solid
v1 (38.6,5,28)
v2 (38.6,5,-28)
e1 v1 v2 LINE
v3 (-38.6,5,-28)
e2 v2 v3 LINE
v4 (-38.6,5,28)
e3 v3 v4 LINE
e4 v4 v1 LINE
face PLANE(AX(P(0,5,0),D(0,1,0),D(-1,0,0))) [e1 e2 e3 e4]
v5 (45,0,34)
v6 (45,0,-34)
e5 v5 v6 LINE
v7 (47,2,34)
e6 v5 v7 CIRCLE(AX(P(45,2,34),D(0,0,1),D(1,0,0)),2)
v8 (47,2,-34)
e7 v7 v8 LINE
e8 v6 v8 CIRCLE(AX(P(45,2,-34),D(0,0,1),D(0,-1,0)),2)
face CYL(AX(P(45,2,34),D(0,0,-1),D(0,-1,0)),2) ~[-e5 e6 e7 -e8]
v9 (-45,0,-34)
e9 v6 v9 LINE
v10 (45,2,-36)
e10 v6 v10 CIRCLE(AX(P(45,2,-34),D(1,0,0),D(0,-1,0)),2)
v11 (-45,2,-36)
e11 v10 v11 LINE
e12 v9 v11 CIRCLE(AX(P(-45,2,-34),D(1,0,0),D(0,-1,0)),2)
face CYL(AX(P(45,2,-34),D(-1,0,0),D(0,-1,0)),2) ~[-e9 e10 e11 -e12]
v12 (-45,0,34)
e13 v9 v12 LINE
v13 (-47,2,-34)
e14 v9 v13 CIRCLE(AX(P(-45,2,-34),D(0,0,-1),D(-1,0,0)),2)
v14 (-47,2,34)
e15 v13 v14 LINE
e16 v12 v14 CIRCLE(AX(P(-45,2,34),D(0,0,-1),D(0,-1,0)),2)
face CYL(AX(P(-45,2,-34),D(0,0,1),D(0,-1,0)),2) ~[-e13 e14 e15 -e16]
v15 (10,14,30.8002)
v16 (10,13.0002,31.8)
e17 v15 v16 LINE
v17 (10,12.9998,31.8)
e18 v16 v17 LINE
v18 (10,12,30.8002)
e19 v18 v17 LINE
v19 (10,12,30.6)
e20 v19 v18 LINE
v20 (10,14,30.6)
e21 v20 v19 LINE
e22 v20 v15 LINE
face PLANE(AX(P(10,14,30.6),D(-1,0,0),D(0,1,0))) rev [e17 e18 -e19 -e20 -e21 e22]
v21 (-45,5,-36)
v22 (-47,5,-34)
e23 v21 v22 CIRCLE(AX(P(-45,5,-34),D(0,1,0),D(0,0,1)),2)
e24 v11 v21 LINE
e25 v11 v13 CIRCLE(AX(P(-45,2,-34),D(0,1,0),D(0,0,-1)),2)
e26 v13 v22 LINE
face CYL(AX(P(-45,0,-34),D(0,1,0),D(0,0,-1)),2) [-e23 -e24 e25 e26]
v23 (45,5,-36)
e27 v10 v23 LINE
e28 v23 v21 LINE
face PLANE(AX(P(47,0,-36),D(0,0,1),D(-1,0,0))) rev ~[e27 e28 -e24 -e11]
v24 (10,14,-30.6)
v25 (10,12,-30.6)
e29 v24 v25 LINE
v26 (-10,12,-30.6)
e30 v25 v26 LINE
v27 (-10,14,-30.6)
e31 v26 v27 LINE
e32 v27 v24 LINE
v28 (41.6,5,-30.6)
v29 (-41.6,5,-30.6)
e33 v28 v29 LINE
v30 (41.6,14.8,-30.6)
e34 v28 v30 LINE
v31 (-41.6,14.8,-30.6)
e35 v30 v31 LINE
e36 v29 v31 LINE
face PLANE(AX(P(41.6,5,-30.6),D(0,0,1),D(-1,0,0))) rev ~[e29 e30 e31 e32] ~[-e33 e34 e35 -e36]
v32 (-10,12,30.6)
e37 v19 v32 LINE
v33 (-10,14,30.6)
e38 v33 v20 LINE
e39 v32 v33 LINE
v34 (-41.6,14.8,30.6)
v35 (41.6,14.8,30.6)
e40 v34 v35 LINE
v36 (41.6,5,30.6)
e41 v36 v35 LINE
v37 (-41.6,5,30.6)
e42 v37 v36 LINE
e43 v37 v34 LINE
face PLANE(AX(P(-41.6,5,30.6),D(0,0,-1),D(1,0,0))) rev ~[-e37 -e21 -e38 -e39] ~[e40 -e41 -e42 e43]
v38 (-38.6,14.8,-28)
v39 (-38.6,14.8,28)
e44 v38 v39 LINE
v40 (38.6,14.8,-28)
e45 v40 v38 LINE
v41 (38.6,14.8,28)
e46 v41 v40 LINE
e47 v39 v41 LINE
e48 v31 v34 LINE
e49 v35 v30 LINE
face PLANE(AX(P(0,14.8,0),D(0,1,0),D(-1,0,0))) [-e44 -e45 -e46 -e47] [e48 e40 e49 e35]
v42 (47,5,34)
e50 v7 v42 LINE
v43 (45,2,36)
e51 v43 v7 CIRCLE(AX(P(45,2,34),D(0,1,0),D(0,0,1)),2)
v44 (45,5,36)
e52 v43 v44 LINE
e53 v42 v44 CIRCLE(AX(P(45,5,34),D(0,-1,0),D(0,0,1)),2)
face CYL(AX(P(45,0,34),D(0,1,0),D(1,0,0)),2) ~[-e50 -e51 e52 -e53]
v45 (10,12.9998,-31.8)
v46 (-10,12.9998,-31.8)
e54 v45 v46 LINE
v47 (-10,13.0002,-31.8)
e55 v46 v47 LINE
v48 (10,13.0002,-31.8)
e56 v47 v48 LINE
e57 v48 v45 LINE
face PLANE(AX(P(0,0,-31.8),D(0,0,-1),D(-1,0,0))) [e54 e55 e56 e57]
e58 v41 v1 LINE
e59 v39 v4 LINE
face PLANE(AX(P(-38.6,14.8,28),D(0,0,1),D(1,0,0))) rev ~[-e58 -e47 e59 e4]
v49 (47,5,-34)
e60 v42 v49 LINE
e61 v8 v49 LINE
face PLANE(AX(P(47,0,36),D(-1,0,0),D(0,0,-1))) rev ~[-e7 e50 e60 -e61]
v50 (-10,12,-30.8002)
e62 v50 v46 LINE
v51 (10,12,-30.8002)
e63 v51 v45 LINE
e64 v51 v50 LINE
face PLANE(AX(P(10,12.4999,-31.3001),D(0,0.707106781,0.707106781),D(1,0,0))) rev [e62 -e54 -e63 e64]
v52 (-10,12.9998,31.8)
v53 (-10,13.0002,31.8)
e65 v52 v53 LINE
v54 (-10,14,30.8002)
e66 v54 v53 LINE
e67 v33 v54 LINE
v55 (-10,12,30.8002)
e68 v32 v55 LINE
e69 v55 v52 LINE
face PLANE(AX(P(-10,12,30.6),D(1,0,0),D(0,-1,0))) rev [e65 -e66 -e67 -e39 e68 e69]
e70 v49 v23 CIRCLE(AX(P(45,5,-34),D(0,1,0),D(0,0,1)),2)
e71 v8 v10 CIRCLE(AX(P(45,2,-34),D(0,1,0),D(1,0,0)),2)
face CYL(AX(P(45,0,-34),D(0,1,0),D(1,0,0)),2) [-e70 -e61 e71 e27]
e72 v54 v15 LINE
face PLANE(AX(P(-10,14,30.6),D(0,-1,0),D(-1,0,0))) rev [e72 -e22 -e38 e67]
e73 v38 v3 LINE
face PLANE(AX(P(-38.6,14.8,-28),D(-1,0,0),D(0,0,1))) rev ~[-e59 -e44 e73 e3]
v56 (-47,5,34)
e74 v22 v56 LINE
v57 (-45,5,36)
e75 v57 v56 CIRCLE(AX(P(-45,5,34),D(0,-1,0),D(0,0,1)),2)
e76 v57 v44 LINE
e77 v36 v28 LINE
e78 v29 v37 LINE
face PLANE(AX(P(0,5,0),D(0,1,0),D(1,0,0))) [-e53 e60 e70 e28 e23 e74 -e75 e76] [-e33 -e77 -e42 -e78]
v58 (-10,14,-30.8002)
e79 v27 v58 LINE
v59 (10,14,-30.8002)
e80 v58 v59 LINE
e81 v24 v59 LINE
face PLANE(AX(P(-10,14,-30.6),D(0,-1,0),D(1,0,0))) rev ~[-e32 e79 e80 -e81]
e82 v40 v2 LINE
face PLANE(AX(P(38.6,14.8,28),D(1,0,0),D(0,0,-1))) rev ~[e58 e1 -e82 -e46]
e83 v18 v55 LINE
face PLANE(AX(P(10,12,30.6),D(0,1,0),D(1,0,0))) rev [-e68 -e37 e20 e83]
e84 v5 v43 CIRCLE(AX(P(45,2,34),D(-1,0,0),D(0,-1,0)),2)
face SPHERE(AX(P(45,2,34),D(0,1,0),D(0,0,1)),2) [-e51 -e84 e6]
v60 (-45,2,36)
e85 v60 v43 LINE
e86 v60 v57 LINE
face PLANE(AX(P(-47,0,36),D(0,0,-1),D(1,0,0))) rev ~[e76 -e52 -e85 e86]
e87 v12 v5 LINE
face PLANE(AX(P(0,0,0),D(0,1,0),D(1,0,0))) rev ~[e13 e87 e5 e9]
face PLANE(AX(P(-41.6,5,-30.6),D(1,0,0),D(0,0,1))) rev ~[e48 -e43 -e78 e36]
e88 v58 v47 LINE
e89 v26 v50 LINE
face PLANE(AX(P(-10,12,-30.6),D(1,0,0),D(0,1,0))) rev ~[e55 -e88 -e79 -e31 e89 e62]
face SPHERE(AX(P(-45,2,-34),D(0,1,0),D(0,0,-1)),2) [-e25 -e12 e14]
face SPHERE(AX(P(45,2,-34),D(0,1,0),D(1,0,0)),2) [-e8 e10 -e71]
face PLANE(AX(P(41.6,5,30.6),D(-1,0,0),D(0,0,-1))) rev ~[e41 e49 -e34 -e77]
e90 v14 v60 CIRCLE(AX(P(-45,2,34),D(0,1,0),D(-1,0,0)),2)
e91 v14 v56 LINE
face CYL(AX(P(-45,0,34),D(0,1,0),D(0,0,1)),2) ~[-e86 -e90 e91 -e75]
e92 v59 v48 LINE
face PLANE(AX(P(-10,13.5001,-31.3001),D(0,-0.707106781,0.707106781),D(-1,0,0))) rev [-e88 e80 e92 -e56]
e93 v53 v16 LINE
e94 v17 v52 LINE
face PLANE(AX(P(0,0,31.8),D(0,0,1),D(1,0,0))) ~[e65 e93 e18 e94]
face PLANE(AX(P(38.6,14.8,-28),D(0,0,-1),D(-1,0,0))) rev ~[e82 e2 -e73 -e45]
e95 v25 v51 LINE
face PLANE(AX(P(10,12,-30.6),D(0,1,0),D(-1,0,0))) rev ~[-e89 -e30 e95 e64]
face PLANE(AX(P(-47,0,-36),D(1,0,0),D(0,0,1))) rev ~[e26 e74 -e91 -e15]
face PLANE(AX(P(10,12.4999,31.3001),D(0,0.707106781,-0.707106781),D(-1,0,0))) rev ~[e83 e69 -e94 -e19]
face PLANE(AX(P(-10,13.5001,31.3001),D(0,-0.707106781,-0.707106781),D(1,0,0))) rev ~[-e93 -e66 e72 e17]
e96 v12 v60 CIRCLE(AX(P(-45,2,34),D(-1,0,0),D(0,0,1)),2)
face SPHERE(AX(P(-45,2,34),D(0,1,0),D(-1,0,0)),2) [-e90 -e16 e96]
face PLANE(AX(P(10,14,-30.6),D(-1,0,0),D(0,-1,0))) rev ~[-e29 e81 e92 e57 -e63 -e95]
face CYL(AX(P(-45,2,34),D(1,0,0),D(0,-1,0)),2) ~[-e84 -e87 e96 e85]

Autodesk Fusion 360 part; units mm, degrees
sketch "Sketch1" plane through (0, 0, 0) normal (0, 1, 0) x (1, 0, 0)
  line L0 (47, 36) -> (-47, 36)
  line L1 (-47, 36) -> (-47, -36)
  line L2 (-47, -36) -> (47, -36)
  line L3 (47, -36) -> (47, 36)
  line L4 (47, 36) -> (-47, -36) construction
  line L5 (-47, 36) -> (47, -36) construction
  dimension "d1" = 72
  dimension "d2" = 94
extrude "Extrude1" add sketch "Sketch1" along normal blind 5
sketch "Sketch2" plane through (0, 5, 0) normal (0, 1, 0) x (-1, 0, 0)
  line L0 (-47, 36) -> (-47, -36)
  line L1 (-47, -36) -> (47, -36)
  line L2 (47, -36) -> (47, 36)
  line L3 (47, 36) -> (-47, 36)
  line L4 (-41.6, -30.6) -> (41.6, -30.6)
  line L5 (41.6, -30.6) -> (41.6, 30.6)
  line L6 (41.6, 30.6) -> (-41.6, 30.6)
  line L7 (-41.6, 30.6) -> (-41.6, -30.6)
  line L8 (-41.6, -30.6) -> (41.6, 30.6) construction
  line L9 (41.6, -30.6) -> (-41.6, 30.6) construction
  dimension "d5" = 83.2
  dimension "d6" = 61.2
extrude "Extrude2" add sketch "Sketch2" along normal blind 9.8 contours L4 L5 L6 L7
fillet "Fillet1" radius 2 4 edges at (47, 2.5, -36) (47, 2.5, 36) (-47, 2.5, 36) (-47, 2.5, -36)
fillet "Fillet2" radius 2 8 edges at (0, 0, -36) (-46.4142, 0, -35.4142) (-47, 0, 0) (-46.4142, 0, 35.4142) (0, 0, 36) (46.4142, 0, 35.4142) (47, 0, 0) (46.4142, 0, -35.4142)
sketch "Sketch3" plane through (0, 14.8, 0) normal (0, 1, 0) x (-1, 0, 0)
  line L0 (-41.6, 30.6) -> (-41.6, -30.6)
  line L1 (-41.6, -30.6) -> (41.6, -30.6)
  line L2 (41.6, -30.6) -> (41.6, 30.6)
  line L3 (41.6, 30.6) -> (-41.6, 30.6)
  line L4 (-38.6, -28) -> (38.6, -28)
  line L5 (38.6, -28) -> (38.6, 28)
  line L6 (38.6, 28) -> (-38.6, 28)
  line L7 (-38.6, 28) -> (-38.6, -28)
  line L8 (-38.6, -28) -> (38.6, 28) construction
  line L9 (38.6, -28) -> (-38.6, 28) construction
  line L10 (-45, -34) -> (45, -34)
  dimension "d11" = 56
  dimension "d12" = 77.2
  dimension "d13" = 90
extrude "Extrude3" cut sketch "Sketch3" against normal blind 9.8 contours L4 L5 L6 L7
sketch "Sketch4" plane through (0, 0, -30.6) normal (0, 0, -1) x (-1, 0, 0)
  line L0 (-41.6, 5) -> (41.6, 5)
  line L1 (41.6, 5) -> (41.6, 14.8)
  line L2 (41.6, 14.8) -> (-41.6, 14.8)
  line L3 (-41.6, 14.8) -> (-41.6, 5)
  line L4 (10, 14) -> (-10, 14)
  line L5 (-10, 14) -> (-10, 12)
  line L6 (-10, 12) -> (10, 12)
  line L7 (10, 12) -> (10, 14)
  line L8 (10, 14) -> (-10, 12) construction
  line L9 (-10, 14) -> (10, 12) construction
  point P0 (0, 13)
  dimension "d16" = 20
  dimension "d17" = 2
extrude "Extrude4" add sketch "Sketch4" along normal blind 1.2 contours L4 L5 L6 L7
sketch "Sketch5" plane through (10, 0, 0) normal (1, 0, 0) x (0, 0, -1)
  line L0 (30.6, 14) -> (30.6, 12)
  line L1 (30.6, 12) -> (31.8, 12)
  line L2 (31.8, 12) -> (31.8, 14)
  line L3 (31.8, 14) -> (30.6, 14)
  point P0 (31.8, 14)
  point P1 (31.8, 12)
  point P2 (31.8, 12)
  point P3 (31.8, 12)
  point P4 (31.8, 12)
  point P5 (31.8, 12)
  point P6 (31.8, 14)
  point P7 (31.8, 14)
  point P8 (31.8, 14)
  point P9 (31.8, 14)
  point P10 (31.8, 14)
  point P11 (31.8, 14)
  point P12 (31.8, 14)
  point P13 (31.8, 14)
  point P14 (31.8, 14)
  point P15 (31.8, 14)
  point P16 (31.8, 12)
  point P17 (31.8, 14)
  point P18 (31.8, 12)
  point P19 (31.8, 14)
ref_plane "WorkPlane2" through (0, 9.9, 0) normal (0, 0, 1) x (-1, 0, 0)
ref_plane "WorkPlane1" through (0, 9.9, 30.6) normal (0, 0, 1) x (1, 0, 0)
ref_plane "WorkPlane3" through (0, 13, -26.8) normal (0, 0, -1) x (-1, 0, 0)
ref_plane "WorkPlane4" through (0, 13, -26.8) normal (0, 0, -1) x (-1, 0, 0)
mirror "Mirror1" about plane through (0, 9.9, 0) normal (0, 0, 1) of "Extrude4"
chamfer "Chamfer1" distance 1 angle 45 2 edges at (0, 14, 31.8) (0, 12, 31.8)
chamfer "Chamfer2" distance 1 angle 45 2 edges at (0, 14, -31.8) (0, 12, -31.8)
sketch "Sketch6" plane through (0, 14.8, 0) normal (0, 1, 0) x (-1, 0, 0)
  line L0 (38.6, -28) -> (-38.6, -28)
  line L1 (-38.6, -28) -> (-38.6, 28)
  line L2 (-38.6, 28) -> (38.6, 28)
  line L3 (38.6, 28) -> (38.6, -28)
  line L4 (-41.6, 30.6) -> (-41.6, -30.6)
  line L5 (-41.6, -30.6) -> (41.6, -30.6)
  line L6 (41.6, -30.6) -> (41.6, 30.6)
  line L7 (41.6, 30.6) -> (-41.6, 30.6)
  point P0 (42.1144, 28)
  point P1 (-41.6, 30.6)
